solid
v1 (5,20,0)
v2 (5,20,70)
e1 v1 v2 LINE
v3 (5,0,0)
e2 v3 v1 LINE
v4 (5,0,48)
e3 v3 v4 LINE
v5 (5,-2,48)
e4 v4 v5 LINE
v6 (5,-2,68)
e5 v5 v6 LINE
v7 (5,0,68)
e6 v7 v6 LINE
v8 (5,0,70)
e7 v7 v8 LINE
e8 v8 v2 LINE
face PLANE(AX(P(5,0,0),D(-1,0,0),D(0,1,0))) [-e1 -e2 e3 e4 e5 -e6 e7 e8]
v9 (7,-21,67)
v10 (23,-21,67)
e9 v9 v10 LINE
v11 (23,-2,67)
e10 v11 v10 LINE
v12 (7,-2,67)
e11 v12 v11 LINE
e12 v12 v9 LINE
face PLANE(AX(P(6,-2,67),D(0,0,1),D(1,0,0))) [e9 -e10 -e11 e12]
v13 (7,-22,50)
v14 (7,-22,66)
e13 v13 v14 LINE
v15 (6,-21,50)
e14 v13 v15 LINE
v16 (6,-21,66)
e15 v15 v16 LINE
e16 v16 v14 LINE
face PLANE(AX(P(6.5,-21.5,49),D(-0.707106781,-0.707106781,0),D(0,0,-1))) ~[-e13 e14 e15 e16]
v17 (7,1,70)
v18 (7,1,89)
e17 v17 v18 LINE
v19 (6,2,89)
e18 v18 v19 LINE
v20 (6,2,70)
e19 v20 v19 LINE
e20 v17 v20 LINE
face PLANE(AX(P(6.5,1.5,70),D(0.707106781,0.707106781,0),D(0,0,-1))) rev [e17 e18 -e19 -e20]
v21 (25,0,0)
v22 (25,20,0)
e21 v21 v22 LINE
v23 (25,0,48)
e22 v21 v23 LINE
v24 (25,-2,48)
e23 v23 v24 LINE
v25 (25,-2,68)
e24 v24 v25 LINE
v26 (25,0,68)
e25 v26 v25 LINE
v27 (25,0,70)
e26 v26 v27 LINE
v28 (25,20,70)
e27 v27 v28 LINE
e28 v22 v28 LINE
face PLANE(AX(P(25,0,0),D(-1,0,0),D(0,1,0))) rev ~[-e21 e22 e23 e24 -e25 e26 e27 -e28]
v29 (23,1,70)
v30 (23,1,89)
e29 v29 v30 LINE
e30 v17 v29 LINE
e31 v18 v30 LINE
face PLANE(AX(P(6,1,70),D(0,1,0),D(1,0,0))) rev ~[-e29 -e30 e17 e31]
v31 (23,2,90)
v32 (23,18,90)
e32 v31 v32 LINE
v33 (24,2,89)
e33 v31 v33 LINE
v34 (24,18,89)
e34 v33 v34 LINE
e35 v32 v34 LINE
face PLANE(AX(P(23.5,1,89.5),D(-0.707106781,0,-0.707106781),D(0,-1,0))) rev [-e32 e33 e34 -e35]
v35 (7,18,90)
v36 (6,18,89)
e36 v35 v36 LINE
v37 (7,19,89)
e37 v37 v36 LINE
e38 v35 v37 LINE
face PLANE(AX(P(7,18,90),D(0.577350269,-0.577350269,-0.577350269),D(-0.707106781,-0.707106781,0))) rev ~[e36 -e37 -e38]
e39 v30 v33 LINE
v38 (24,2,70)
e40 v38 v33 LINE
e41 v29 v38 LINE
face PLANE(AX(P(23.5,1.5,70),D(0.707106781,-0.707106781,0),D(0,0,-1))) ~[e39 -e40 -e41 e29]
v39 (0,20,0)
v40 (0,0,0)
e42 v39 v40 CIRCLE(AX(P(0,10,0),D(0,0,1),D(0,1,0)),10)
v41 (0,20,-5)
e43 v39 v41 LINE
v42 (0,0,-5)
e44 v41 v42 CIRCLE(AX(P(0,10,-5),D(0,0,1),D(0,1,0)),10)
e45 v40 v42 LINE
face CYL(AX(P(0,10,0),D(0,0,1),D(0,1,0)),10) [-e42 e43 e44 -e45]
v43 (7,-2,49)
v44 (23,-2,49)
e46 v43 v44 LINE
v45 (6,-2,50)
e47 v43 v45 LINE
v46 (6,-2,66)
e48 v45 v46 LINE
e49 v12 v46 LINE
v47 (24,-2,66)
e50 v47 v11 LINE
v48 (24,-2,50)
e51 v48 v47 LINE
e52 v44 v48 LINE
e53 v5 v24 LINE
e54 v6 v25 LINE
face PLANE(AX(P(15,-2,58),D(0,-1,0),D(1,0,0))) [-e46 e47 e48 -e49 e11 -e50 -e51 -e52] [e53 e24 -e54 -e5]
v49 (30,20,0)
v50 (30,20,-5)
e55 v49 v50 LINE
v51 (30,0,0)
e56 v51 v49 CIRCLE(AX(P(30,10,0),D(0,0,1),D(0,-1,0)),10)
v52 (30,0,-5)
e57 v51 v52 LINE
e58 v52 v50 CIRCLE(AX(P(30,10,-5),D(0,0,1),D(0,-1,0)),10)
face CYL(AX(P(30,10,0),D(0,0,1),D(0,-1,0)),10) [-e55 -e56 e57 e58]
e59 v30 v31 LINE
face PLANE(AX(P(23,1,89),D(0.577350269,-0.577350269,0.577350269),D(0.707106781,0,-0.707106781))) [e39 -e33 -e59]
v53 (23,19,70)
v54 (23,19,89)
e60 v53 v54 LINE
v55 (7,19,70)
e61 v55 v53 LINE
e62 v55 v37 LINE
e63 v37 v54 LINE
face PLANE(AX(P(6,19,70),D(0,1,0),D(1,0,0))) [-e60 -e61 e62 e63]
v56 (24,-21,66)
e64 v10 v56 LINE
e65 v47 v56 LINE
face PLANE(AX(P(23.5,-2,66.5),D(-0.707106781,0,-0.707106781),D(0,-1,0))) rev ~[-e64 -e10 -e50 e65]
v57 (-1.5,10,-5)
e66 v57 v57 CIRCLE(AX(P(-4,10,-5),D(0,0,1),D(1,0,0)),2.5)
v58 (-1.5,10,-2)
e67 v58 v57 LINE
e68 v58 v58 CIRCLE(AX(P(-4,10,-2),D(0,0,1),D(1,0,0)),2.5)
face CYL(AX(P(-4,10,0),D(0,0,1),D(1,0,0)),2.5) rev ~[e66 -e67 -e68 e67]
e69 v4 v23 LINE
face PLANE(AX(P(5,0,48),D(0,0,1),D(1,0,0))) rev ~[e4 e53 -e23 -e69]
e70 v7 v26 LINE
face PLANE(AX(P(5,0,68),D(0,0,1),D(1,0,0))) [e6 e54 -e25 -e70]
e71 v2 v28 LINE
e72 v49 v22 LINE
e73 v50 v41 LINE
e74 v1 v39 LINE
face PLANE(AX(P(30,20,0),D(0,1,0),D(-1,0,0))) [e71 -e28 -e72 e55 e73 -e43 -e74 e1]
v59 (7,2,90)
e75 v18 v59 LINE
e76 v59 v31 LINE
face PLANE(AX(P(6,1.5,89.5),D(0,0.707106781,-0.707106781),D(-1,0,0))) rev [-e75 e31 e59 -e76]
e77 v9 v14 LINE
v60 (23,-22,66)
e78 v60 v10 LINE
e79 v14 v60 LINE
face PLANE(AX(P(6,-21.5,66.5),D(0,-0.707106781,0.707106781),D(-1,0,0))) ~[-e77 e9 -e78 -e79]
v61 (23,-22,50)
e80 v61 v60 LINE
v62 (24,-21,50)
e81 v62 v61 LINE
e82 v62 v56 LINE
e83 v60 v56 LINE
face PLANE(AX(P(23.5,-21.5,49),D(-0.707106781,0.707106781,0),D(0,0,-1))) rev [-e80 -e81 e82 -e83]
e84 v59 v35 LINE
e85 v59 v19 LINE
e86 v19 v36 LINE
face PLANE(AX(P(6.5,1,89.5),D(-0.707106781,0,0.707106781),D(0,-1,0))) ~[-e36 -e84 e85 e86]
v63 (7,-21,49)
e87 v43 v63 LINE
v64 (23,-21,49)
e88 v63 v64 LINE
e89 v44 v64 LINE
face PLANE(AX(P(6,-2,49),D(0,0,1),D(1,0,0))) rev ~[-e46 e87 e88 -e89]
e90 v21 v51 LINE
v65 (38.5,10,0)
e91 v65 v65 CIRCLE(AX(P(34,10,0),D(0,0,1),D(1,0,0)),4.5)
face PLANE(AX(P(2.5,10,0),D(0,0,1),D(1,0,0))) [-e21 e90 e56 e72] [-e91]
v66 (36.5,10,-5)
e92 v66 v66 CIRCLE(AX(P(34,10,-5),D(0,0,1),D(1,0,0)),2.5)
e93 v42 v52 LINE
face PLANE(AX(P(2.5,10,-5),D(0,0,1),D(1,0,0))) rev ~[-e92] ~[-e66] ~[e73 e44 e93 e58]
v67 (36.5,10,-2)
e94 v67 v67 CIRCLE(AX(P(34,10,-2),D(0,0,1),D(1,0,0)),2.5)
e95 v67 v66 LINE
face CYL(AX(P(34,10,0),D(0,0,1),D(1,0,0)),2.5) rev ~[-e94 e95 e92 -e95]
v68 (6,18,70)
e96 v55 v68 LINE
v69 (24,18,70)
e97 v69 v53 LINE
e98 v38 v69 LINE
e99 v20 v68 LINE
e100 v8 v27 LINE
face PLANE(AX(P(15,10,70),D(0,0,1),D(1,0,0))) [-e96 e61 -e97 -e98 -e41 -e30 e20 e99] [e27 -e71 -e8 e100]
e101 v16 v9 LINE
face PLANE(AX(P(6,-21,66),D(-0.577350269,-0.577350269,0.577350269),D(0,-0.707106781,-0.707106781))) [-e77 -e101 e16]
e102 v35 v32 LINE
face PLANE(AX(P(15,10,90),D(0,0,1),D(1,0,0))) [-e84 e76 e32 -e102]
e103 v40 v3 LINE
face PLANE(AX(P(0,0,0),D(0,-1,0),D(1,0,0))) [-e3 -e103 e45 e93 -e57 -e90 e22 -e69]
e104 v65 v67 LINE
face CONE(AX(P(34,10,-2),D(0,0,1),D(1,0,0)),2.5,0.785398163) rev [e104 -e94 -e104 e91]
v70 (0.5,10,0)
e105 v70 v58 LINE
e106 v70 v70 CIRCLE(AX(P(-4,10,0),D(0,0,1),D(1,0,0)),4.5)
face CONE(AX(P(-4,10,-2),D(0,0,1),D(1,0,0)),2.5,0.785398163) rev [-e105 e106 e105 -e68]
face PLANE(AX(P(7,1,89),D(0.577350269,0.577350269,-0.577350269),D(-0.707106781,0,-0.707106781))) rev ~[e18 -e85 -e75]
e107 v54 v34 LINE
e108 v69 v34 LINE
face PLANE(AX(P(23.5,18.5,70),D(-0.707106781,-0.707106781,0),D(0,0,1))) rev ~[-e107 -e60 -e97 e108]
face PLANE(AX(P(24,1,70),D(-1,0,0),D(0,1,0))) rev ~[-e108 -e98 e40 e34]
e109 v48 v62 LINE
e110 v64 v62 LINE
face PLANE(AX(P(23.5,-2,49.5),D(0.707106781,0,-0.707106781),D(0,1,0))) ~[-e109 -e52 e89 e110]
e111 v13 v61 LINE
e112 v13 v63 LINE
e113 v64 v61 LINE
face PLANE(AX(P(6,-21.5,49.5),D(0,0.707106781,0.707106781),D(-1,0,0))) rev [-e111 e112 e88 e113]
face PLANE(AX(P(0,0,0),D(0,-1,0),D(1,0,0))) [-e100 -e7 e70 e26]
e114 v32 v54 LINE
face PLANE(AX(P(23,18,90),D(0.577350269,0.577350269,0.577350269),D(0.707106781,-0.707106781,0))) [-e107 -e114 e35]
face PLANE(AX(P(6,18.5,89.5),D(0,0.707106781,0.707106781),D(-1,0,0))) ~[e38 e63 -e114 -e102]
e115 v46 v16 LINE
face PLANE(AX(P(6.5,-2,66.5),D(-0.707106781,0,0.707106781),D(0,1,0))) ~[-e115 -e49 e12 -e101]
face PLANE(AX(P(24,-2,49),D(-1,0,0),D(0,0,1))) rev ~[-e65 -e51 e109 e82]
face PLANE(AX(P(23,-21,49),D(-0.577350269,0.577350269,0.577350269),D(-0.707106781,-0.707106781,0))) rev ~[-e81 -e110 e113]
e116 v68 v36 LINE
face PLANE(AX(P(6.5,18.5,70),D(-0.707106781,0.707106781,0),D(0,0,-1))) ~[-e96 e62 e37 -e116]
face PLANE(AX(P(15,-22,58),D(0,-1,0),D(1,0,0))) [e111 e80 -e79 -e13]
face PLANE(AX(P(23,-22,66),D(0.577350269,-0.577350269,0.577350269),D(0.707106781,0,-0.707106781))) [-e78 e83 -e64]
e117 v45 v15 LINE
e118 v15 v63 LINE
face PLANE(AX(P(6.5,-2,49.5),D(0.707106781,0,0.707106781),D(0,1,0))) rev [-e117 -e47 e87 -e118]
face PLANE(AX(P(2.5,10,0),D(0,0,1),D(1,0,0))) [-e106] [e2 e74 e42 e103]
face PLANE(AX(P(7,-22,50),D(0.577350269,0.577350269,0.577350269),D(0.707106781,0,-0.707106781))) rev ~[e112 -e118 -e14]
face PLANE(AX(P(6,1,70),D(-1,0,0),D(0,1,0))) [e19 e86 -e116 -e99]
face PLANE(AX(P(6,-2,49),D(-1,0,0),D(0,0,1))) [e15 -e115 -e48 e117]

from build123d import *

# Parameters (mm, degrees)
F0_W      = 20
F0_H      = 20
F1_DEPTH  = 70
F0_W_2    = 5
F0_R      = 2.5
F2_DEPTH  = 5
F3_W      = 18
F3_H      = 18
F4_DEPTH  = 20
F5_W      = 20
F5_H      = 20
F6_DEPTH  = 2
F7_SIZE   = 2
F8_SIZE   = 1
F9_W      = 18
F9_H      = 18
F10_DEPTH = 20
F11_SIZE  = 1


with BuildPart() as f1:
    # F0 (on Top) → F1 (new body)
    with BuildSketch(Plane.XY):
        with Locations((15, 10)):
            Rectangle(F0_W, F0_H)
    extrude(amount=F1_DEPTH)

    # F0 (on Top) → F2 (join)
    with BuildSketch(Plane.XY):
        with Locations((2.5, 10)):
            Rectangle(F0_W_2, F0_H)
        with BuildLine():
            ThreePointArc((0, 20), (-10, 10), (0, 0))
            Line((0, 0), (0, 20))
        make_face()
        with Locations((-4, 10)):
            Circle(F0_R, mode=Mode.SUBTRACT)
        with Locations((15, 10)):
            Rectangle(F0_W, F0_H)
        with Locations((27.5, 10)):
            Rectangle(F0_W_2, F0_H)
        with BuildLine():
            Line((30, 20), (30, 0))
            ThreePointArc((30, 0), (40, 10), (30, 20))
        make_face()
        with Locations((34, 10)):
            Circle(F0_R, mode=Mode.SUBTRACT)
    extrude(amount=-F2_DEPTH)

    # F3 (on face) → F4 (join)
    with BuildSketch(Plane.XY.offset(70)):
        with Locations((15, 10)):
            Rectangle(F3_W, F3_H)
    extrude(amount=F4_DEPTH)

    # F5 (on face) → F6 (join)
    with BuildSketch(Plane.XZ):
        with Locations((15, 58)):
            Rectangle(F5_W, F5_H)
    extrude(amount=F6_DEPTH)

    # F7
    f7_edges = [f1.edges().sort_by_distance(p)[0] for p in [
        (31.5, 10, 0),
        (-6.5, 10, 0),
    ]]
    chamfer(f7_edges, length=F7_SIZE)

    # F8
    f8_edges = [f1.edges().sort_by_distance(p)[0] for p in [
        (24, 19, 80),
        (6, 19, 80),
        (15, 19, 90),
        (6, 10, 90),
        (24, 10, 90),
        (15, 1, 90),
        (24, 1, 80),
        (6, 1, 80),
    ]]
    chamfer(f8_edges, length=F8_SIZE)

    # F9 (on face) → F10 (join)
    with BuildSketch(Plane.XZ.offset(2)):
        with Locations((15, 58)):
            Rectangle(F9_W, F9_H)
    extrude(amount=F10_DEPTH)

    # F11
    f11_edges = [f1.edges().sort_by_distance(p)[0] for p in [
        (24, -12, 67),
        (15, -22, 67),
        (6, -12, 67),
        (24, -22, 58),
        (24, -12, 49),
        (6, -12, 49),
        (6, -22, 58),
        (15, -22, 49),
    ]]
    chamfer(f11_edges, length=F11_SIZE)


solid = f1.part
